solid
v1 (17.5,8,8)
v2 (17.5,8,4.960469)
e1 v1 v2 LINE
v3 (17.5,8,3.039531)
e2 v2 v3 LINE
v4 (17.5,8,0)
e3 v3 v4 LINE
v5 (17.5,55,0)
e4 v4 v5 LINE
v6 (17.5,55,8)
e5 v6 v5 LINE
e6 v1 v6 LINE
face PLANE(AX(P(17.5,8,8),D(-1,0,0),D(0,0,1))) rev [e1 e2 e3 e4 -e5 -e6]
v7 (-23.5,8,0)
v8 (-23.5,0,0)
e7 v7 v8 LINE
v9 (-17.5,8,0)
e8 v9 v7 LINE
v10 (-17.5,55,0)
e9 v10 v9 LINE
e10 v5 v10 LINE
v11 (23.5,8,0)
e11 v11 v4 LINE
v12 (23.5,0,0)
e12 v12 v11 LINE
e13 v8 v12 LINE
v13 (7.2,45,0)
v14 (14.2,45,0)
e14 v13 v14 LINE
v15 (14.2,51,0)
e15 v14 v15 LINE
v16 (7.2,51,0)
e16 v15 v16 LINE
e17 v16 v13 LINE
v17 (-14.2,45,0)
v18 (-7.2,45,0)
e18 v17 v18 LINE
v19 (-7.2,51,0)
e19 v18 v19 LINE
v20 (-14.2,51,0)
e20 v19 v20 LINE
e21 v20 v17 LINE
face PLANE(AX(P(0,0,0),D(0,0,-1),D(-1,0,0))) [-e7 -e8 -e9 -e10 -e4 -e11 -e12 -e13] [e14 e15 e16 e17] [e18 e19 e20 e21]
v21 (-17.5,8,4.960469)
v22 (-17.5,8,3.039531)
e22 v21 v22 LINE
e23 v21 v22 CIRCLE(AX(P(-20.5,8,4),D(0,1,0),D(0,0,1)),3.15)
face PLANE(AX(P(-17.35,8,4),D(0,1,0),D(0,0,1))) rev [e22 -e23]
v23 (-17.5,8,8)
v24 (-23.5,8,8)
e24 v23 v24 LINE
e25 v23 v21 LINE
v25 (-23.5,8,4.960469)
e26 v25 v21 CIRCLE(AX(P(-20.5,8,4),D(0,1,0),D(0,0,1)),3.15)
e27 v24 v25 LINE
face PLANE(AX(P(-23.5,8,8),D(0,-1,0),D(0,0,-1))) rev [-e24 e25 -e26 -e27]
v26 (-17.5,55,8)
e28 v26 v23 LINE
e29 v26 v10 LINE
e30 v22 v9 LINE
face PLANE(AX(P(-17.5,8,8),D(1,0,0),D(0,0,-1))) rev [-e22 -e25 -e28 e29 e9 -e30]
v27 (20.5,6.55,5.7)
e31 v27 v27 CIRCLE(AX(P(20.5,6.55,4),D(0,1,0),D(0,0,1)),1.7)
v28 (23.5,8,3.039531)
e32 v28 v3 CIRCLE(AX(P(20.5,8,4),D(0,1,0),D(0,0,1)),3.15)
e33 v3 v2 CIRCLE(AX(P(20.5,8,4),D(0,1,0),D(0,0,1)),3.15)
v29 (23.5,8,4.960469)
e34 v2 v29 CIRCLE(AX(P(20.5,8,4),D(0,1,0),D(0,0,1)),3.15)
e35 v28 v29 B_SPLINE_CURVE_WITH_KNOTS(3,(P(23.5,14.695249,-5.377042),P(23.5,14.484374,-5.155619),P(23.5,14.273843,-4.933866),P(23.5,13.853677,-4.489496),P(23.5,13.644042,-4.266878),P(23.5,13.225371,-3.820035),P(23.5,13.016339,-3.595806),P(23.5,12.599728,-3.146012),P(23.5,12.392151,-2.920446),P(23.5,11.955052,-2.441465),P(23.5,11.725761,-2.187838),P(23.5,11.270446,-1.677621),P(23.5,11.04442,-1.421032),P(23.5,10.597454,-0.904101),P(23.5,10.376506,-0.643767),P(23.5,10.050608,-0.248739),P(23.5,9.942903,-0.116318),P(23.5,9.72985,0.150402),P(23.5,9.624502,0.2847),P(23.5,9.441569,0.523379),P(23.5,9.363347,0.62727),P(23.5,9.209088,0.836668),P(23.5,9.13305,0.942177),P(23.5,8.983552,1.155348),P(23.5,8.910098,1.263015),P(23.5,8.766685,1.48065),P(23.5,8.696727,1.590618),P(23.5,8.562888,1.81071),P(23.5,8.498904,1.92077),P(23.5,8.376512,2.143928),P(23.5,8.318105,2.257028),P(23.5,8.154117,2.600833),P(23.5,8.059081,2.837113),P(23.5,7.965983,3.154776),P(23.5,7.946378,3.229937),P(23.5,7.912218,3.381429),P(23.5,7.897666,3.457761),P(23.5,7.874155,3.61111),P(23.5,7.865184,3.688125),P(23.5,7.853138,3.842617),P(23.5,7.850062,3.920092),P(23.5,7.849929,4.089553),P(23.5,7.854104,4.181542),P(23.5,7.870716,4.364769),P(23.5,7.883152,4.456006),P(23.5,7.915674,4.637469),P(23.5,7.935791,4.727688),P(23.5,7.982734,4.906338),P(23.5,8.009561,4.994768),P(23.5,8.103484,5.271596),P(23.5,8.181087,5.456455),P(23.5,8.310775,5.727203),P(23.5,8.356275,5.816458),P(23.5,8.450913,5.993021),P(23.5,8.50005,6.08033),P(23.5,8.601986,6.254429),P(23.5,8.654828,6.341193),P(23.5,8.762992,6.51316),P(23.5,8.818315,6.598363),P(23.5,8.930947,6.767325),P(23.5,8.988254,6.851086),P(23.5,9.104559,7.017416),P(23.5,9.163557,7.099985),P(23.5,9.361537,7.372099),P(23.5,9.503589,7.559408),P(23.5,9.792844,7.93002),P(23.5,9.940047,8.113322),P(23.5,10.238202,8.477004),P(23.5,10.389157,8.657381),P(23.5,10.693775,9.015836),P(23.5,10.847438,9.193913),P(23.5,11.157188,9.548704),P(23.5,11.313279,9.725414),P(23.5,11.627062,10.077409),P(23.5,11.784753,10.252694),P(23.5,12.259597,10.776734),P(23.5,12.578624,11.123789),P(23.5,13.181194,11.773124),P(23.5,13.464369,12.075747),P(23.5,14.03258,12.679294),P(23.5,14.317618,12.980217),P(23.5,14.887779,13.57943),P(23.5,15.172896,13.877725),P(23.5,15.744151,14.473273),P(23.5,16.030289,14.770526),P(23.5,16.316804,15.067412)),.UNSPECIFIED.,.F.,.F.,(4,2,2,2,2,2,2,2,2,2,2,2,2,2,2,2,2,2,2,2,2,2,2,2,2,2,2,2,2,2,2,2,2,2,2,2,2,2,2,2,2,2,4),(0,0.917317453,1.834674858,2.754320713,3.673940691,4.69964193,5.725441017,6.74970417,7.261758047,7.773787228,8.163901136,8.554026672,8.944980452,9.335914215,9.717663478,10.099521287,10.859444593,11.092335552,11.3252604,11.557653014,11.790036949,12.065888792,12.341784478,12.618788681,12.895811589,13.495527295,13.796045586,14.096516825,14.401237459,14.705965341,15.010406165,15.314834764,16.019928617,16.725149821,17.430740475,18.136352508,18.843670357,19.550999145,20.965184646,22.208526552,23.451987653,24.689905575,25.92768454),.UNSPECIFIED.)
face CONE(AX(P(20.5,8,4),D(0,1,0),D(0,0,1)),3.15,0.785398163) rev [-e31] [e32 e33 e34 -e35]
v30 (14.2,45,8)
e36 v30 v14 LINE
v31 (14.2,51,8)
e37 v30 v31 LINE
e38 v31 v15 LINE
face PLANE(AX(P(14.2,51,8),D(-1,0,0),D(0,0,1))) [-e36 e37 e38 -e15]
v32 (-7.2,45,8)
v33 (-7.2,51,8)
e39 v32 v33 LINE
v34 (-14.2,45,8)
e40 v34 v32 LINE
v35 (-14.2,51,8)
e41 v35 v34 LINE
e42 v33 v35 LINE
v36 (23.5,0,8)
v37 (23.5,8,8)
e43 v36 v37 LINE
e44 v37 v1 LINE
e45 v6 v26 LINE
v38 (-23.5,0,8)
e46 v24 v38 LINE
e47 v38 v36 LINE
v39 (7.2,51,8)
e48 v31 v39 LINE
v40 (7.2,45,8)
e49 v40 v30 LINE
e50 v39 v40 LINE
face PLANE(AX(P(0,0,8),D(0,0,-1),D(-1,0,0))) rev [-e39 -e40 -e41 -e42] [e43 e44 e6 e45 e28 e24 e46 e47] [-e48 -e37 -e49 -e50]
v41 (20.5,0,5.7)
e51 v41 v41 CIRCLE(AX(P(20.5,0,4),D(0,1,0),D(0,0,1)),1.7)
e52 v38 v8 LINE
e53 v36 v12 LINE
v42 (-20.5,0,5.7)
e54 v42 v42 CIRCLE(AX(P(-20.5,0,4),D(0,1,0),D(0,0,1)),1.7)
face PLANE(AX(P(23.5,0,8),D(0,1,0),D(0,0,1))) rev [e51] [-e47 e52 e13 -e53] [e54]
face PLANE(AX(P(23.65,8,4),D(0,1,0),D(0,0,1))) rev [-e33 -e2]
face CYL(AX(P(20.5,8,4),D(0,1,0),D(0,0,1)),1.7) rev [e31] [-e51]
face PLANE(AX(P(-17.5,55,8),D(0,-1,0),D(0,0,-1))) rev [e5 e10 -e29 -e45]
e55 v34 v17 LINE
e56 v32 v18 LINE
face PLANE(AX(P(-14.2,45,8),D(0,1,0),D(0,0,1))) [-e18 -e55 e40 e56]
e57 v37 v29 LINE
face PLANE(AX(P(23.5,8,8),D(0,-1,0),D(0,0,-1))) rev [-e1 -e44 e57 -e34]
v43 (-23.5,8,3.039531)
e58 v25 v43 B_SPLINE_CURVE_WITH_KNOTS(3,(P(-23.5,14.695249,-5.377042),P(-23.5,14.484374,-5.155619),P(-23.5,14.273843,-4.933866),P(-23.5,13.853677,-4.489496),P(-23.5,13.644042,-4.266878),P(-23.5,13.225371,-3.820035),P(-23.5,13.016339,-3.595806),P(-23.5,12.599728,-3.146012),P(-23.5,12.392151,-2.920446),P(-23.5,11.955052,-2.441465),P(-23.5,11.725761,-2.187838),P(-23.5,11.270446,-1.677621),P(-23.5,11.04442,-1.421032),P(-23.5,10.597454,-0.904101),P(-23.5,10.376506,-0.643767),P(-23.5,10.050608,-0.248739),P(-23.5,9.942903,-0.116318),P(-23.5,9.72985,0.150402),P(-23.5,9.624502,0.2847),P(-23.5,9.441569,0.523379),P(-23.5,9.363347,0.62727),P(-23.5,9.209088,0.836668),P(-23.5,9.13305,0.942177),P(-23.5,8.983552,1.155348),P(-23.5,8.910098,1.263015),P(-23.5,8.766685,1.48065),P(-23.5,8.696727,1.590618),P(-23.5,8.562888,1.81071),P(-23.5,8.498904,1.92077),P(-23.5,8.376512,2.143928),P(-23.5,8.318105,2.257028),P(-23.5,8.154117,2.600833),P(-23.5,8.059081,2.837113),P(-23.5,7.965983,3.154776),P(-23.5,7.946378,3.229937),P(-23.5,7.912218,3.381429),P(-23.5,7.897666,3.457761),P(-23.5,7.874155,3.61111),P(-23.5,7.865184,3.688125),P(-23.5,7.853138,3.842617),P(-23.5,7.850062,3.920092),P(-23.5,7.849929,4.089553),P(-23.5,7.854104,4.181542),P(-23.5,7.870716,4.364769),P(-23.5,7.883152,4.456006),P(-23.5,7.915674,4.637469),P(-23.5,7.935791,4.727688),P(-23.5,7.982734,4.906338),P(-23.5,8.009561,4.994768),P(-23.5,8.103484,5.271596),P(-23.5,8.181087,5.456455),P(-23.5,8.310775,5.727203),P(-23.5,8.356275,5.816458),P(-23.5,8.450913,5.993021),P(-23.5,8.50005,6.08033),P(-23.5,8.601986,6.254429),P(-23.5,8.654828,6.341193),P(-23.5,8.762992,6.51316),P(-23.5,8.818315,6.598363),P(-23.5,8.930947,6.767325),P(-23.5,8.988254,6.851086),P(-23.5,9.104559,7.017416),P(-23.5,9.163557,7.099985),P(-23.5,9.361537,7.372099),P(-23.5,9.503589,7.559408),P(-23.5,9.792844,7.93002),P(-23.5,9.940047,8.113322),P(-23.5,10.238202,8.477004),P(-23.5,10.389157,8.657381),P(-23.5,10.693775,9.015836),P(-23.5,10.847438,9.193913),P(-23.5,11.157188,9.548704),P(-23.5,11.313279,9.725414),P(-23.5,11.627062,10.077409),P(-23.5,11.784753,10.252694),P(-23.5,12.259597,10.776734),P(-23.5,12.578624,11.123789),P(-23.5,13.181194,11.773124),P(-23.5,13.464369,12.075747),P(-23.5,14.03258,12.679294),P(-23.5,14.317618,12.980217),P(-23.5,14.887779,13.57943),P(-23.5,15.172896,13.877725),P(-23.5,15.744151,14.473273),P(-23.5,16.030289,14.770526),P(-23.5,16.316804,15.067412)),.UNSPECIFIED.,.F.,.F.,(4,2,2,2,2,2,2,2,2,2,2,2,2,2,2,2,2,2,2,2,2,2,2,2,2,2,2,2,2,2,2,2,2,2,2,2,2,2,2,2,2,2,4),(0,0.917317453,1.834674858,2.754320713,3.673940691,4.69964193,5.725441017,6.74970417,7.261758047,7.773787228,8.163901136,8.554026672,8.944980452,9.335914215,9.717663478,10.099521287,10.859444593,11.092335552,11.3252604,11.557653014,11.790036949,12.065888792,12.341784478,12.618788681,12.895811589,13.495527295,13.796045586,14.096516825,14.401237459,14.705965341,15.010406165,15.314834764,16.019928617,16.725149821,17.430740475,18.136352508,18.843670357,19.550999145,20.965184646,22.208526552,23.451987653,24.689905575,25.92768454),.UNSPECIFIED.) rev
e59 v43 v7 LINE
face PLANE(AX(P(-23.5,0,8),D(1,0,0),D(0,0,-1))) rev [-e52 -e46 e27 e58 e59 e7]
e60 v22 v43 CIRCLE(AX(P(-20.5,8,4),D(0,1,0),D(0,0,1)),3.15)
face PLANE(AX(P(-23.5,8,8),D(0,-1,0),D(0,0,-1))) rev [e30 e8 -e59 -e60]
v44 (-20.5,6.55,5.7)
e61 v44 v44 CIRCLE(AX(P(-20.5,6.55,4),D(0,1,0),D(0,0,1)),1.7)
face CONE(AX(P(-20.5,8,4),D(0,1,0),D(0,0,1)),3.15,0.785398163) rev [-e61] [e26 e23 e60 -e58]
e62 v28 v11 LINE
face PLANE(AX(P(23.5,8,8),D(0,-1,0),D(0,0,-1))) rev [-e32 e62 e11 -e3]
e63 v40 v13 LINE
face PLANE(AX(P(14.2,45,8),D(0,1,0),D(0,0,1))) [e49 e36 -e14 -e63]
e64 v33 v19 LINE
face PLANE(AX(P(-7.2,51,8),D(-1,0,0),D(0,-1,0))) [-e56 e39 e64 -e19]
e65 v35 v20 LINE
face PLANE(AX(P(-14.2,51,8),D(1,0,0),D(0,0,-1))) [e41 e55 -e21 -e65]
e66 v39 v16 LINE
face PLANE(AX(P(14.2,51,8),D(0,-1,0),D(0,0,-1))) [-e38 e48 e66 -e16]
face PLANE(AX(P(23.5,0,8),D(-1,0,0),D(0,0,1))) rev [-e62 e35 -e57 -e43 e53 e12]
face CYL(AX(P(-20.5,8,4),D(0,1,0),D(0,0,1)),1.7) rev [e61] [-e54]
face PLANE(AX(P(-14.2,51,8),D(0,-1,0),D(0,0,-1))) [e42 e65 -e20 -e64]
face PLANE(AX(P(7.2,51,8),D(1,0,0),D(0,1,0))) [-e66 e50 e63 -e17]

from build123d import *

# Parameters (mm, degrees)
SKETCH2_W                                      = 7
SKETCH2_H                                      = 6
BOSS_EXTRUDE1_DEPTH                            = 8
CSK_FOR_M3_FLAT_HEAD_MACHINE_SCREW1_AT_2_COUNT = 2
CSK_FOR_M3_FLAT_HEAD_MACHINE_SCREW1_AT_2_PITCH = 41


with BuildPart() as part:
    # Sketch2 → Boss-Extrude1 (new body)
    with BuildSketch(Plane.XY):
        Polygon((23.5, 0), (-23.5, 0), (-23.5, 8), (-17.5, 8), (-17.5, 55), (17.5, 55), (17.5, 8), (23.5, 8), align=None)
        with Locations((10.7, 48)):
            Rectangle(SKETCH2_W, SKETCH2_H, mode=Mode.SUBTRACT)
        with Locations((-10.7, 48)):
            Rectangle(SKETCH2_W, SKETCH2_H, mode=Mode.SUBTRACT)
    extrude(amount=BOSS_EXTRUDE1_DEPTH)

    # Sketch4 → CSK for M3 Flat Head Machine Screw1 (revolve, cut)
    with BuildSketch(Plane(origin=(-20.5, 8, 4), x_dir=(0, 0, 1), z_dir=(1, 0, 0))):
        Polygon((0, 0), (0, 8), (1.7, 8), (1.7, 1.45), (3.15, 0), align=None)
    csk_for_m3_flat_head_machine_screw1 = revolve(axis=Axis((-20.5, 14.35, 4), (0, -1, 0)), mode=Mode.SUBTRACT)

    # CSK for M3 Flat Head Machine Screw1 at 2: CSK for M3 Flat Head Machine Screw1 ×2
    with Locations(*[(i * CSK_FOR_M3_FLAT_HEAD_MACHINE_SCREW1_AT_2_PITCH, 0, 0) for i in range(1, CSK_FOR_M3_FLAT_HEAD_MACHINE_SCREW1_AT_2_COUNT)]):
        add(csk_for_m3_flat_head_machine_screw1, mode=Mode.SUBTRACT)


solid = part.part
